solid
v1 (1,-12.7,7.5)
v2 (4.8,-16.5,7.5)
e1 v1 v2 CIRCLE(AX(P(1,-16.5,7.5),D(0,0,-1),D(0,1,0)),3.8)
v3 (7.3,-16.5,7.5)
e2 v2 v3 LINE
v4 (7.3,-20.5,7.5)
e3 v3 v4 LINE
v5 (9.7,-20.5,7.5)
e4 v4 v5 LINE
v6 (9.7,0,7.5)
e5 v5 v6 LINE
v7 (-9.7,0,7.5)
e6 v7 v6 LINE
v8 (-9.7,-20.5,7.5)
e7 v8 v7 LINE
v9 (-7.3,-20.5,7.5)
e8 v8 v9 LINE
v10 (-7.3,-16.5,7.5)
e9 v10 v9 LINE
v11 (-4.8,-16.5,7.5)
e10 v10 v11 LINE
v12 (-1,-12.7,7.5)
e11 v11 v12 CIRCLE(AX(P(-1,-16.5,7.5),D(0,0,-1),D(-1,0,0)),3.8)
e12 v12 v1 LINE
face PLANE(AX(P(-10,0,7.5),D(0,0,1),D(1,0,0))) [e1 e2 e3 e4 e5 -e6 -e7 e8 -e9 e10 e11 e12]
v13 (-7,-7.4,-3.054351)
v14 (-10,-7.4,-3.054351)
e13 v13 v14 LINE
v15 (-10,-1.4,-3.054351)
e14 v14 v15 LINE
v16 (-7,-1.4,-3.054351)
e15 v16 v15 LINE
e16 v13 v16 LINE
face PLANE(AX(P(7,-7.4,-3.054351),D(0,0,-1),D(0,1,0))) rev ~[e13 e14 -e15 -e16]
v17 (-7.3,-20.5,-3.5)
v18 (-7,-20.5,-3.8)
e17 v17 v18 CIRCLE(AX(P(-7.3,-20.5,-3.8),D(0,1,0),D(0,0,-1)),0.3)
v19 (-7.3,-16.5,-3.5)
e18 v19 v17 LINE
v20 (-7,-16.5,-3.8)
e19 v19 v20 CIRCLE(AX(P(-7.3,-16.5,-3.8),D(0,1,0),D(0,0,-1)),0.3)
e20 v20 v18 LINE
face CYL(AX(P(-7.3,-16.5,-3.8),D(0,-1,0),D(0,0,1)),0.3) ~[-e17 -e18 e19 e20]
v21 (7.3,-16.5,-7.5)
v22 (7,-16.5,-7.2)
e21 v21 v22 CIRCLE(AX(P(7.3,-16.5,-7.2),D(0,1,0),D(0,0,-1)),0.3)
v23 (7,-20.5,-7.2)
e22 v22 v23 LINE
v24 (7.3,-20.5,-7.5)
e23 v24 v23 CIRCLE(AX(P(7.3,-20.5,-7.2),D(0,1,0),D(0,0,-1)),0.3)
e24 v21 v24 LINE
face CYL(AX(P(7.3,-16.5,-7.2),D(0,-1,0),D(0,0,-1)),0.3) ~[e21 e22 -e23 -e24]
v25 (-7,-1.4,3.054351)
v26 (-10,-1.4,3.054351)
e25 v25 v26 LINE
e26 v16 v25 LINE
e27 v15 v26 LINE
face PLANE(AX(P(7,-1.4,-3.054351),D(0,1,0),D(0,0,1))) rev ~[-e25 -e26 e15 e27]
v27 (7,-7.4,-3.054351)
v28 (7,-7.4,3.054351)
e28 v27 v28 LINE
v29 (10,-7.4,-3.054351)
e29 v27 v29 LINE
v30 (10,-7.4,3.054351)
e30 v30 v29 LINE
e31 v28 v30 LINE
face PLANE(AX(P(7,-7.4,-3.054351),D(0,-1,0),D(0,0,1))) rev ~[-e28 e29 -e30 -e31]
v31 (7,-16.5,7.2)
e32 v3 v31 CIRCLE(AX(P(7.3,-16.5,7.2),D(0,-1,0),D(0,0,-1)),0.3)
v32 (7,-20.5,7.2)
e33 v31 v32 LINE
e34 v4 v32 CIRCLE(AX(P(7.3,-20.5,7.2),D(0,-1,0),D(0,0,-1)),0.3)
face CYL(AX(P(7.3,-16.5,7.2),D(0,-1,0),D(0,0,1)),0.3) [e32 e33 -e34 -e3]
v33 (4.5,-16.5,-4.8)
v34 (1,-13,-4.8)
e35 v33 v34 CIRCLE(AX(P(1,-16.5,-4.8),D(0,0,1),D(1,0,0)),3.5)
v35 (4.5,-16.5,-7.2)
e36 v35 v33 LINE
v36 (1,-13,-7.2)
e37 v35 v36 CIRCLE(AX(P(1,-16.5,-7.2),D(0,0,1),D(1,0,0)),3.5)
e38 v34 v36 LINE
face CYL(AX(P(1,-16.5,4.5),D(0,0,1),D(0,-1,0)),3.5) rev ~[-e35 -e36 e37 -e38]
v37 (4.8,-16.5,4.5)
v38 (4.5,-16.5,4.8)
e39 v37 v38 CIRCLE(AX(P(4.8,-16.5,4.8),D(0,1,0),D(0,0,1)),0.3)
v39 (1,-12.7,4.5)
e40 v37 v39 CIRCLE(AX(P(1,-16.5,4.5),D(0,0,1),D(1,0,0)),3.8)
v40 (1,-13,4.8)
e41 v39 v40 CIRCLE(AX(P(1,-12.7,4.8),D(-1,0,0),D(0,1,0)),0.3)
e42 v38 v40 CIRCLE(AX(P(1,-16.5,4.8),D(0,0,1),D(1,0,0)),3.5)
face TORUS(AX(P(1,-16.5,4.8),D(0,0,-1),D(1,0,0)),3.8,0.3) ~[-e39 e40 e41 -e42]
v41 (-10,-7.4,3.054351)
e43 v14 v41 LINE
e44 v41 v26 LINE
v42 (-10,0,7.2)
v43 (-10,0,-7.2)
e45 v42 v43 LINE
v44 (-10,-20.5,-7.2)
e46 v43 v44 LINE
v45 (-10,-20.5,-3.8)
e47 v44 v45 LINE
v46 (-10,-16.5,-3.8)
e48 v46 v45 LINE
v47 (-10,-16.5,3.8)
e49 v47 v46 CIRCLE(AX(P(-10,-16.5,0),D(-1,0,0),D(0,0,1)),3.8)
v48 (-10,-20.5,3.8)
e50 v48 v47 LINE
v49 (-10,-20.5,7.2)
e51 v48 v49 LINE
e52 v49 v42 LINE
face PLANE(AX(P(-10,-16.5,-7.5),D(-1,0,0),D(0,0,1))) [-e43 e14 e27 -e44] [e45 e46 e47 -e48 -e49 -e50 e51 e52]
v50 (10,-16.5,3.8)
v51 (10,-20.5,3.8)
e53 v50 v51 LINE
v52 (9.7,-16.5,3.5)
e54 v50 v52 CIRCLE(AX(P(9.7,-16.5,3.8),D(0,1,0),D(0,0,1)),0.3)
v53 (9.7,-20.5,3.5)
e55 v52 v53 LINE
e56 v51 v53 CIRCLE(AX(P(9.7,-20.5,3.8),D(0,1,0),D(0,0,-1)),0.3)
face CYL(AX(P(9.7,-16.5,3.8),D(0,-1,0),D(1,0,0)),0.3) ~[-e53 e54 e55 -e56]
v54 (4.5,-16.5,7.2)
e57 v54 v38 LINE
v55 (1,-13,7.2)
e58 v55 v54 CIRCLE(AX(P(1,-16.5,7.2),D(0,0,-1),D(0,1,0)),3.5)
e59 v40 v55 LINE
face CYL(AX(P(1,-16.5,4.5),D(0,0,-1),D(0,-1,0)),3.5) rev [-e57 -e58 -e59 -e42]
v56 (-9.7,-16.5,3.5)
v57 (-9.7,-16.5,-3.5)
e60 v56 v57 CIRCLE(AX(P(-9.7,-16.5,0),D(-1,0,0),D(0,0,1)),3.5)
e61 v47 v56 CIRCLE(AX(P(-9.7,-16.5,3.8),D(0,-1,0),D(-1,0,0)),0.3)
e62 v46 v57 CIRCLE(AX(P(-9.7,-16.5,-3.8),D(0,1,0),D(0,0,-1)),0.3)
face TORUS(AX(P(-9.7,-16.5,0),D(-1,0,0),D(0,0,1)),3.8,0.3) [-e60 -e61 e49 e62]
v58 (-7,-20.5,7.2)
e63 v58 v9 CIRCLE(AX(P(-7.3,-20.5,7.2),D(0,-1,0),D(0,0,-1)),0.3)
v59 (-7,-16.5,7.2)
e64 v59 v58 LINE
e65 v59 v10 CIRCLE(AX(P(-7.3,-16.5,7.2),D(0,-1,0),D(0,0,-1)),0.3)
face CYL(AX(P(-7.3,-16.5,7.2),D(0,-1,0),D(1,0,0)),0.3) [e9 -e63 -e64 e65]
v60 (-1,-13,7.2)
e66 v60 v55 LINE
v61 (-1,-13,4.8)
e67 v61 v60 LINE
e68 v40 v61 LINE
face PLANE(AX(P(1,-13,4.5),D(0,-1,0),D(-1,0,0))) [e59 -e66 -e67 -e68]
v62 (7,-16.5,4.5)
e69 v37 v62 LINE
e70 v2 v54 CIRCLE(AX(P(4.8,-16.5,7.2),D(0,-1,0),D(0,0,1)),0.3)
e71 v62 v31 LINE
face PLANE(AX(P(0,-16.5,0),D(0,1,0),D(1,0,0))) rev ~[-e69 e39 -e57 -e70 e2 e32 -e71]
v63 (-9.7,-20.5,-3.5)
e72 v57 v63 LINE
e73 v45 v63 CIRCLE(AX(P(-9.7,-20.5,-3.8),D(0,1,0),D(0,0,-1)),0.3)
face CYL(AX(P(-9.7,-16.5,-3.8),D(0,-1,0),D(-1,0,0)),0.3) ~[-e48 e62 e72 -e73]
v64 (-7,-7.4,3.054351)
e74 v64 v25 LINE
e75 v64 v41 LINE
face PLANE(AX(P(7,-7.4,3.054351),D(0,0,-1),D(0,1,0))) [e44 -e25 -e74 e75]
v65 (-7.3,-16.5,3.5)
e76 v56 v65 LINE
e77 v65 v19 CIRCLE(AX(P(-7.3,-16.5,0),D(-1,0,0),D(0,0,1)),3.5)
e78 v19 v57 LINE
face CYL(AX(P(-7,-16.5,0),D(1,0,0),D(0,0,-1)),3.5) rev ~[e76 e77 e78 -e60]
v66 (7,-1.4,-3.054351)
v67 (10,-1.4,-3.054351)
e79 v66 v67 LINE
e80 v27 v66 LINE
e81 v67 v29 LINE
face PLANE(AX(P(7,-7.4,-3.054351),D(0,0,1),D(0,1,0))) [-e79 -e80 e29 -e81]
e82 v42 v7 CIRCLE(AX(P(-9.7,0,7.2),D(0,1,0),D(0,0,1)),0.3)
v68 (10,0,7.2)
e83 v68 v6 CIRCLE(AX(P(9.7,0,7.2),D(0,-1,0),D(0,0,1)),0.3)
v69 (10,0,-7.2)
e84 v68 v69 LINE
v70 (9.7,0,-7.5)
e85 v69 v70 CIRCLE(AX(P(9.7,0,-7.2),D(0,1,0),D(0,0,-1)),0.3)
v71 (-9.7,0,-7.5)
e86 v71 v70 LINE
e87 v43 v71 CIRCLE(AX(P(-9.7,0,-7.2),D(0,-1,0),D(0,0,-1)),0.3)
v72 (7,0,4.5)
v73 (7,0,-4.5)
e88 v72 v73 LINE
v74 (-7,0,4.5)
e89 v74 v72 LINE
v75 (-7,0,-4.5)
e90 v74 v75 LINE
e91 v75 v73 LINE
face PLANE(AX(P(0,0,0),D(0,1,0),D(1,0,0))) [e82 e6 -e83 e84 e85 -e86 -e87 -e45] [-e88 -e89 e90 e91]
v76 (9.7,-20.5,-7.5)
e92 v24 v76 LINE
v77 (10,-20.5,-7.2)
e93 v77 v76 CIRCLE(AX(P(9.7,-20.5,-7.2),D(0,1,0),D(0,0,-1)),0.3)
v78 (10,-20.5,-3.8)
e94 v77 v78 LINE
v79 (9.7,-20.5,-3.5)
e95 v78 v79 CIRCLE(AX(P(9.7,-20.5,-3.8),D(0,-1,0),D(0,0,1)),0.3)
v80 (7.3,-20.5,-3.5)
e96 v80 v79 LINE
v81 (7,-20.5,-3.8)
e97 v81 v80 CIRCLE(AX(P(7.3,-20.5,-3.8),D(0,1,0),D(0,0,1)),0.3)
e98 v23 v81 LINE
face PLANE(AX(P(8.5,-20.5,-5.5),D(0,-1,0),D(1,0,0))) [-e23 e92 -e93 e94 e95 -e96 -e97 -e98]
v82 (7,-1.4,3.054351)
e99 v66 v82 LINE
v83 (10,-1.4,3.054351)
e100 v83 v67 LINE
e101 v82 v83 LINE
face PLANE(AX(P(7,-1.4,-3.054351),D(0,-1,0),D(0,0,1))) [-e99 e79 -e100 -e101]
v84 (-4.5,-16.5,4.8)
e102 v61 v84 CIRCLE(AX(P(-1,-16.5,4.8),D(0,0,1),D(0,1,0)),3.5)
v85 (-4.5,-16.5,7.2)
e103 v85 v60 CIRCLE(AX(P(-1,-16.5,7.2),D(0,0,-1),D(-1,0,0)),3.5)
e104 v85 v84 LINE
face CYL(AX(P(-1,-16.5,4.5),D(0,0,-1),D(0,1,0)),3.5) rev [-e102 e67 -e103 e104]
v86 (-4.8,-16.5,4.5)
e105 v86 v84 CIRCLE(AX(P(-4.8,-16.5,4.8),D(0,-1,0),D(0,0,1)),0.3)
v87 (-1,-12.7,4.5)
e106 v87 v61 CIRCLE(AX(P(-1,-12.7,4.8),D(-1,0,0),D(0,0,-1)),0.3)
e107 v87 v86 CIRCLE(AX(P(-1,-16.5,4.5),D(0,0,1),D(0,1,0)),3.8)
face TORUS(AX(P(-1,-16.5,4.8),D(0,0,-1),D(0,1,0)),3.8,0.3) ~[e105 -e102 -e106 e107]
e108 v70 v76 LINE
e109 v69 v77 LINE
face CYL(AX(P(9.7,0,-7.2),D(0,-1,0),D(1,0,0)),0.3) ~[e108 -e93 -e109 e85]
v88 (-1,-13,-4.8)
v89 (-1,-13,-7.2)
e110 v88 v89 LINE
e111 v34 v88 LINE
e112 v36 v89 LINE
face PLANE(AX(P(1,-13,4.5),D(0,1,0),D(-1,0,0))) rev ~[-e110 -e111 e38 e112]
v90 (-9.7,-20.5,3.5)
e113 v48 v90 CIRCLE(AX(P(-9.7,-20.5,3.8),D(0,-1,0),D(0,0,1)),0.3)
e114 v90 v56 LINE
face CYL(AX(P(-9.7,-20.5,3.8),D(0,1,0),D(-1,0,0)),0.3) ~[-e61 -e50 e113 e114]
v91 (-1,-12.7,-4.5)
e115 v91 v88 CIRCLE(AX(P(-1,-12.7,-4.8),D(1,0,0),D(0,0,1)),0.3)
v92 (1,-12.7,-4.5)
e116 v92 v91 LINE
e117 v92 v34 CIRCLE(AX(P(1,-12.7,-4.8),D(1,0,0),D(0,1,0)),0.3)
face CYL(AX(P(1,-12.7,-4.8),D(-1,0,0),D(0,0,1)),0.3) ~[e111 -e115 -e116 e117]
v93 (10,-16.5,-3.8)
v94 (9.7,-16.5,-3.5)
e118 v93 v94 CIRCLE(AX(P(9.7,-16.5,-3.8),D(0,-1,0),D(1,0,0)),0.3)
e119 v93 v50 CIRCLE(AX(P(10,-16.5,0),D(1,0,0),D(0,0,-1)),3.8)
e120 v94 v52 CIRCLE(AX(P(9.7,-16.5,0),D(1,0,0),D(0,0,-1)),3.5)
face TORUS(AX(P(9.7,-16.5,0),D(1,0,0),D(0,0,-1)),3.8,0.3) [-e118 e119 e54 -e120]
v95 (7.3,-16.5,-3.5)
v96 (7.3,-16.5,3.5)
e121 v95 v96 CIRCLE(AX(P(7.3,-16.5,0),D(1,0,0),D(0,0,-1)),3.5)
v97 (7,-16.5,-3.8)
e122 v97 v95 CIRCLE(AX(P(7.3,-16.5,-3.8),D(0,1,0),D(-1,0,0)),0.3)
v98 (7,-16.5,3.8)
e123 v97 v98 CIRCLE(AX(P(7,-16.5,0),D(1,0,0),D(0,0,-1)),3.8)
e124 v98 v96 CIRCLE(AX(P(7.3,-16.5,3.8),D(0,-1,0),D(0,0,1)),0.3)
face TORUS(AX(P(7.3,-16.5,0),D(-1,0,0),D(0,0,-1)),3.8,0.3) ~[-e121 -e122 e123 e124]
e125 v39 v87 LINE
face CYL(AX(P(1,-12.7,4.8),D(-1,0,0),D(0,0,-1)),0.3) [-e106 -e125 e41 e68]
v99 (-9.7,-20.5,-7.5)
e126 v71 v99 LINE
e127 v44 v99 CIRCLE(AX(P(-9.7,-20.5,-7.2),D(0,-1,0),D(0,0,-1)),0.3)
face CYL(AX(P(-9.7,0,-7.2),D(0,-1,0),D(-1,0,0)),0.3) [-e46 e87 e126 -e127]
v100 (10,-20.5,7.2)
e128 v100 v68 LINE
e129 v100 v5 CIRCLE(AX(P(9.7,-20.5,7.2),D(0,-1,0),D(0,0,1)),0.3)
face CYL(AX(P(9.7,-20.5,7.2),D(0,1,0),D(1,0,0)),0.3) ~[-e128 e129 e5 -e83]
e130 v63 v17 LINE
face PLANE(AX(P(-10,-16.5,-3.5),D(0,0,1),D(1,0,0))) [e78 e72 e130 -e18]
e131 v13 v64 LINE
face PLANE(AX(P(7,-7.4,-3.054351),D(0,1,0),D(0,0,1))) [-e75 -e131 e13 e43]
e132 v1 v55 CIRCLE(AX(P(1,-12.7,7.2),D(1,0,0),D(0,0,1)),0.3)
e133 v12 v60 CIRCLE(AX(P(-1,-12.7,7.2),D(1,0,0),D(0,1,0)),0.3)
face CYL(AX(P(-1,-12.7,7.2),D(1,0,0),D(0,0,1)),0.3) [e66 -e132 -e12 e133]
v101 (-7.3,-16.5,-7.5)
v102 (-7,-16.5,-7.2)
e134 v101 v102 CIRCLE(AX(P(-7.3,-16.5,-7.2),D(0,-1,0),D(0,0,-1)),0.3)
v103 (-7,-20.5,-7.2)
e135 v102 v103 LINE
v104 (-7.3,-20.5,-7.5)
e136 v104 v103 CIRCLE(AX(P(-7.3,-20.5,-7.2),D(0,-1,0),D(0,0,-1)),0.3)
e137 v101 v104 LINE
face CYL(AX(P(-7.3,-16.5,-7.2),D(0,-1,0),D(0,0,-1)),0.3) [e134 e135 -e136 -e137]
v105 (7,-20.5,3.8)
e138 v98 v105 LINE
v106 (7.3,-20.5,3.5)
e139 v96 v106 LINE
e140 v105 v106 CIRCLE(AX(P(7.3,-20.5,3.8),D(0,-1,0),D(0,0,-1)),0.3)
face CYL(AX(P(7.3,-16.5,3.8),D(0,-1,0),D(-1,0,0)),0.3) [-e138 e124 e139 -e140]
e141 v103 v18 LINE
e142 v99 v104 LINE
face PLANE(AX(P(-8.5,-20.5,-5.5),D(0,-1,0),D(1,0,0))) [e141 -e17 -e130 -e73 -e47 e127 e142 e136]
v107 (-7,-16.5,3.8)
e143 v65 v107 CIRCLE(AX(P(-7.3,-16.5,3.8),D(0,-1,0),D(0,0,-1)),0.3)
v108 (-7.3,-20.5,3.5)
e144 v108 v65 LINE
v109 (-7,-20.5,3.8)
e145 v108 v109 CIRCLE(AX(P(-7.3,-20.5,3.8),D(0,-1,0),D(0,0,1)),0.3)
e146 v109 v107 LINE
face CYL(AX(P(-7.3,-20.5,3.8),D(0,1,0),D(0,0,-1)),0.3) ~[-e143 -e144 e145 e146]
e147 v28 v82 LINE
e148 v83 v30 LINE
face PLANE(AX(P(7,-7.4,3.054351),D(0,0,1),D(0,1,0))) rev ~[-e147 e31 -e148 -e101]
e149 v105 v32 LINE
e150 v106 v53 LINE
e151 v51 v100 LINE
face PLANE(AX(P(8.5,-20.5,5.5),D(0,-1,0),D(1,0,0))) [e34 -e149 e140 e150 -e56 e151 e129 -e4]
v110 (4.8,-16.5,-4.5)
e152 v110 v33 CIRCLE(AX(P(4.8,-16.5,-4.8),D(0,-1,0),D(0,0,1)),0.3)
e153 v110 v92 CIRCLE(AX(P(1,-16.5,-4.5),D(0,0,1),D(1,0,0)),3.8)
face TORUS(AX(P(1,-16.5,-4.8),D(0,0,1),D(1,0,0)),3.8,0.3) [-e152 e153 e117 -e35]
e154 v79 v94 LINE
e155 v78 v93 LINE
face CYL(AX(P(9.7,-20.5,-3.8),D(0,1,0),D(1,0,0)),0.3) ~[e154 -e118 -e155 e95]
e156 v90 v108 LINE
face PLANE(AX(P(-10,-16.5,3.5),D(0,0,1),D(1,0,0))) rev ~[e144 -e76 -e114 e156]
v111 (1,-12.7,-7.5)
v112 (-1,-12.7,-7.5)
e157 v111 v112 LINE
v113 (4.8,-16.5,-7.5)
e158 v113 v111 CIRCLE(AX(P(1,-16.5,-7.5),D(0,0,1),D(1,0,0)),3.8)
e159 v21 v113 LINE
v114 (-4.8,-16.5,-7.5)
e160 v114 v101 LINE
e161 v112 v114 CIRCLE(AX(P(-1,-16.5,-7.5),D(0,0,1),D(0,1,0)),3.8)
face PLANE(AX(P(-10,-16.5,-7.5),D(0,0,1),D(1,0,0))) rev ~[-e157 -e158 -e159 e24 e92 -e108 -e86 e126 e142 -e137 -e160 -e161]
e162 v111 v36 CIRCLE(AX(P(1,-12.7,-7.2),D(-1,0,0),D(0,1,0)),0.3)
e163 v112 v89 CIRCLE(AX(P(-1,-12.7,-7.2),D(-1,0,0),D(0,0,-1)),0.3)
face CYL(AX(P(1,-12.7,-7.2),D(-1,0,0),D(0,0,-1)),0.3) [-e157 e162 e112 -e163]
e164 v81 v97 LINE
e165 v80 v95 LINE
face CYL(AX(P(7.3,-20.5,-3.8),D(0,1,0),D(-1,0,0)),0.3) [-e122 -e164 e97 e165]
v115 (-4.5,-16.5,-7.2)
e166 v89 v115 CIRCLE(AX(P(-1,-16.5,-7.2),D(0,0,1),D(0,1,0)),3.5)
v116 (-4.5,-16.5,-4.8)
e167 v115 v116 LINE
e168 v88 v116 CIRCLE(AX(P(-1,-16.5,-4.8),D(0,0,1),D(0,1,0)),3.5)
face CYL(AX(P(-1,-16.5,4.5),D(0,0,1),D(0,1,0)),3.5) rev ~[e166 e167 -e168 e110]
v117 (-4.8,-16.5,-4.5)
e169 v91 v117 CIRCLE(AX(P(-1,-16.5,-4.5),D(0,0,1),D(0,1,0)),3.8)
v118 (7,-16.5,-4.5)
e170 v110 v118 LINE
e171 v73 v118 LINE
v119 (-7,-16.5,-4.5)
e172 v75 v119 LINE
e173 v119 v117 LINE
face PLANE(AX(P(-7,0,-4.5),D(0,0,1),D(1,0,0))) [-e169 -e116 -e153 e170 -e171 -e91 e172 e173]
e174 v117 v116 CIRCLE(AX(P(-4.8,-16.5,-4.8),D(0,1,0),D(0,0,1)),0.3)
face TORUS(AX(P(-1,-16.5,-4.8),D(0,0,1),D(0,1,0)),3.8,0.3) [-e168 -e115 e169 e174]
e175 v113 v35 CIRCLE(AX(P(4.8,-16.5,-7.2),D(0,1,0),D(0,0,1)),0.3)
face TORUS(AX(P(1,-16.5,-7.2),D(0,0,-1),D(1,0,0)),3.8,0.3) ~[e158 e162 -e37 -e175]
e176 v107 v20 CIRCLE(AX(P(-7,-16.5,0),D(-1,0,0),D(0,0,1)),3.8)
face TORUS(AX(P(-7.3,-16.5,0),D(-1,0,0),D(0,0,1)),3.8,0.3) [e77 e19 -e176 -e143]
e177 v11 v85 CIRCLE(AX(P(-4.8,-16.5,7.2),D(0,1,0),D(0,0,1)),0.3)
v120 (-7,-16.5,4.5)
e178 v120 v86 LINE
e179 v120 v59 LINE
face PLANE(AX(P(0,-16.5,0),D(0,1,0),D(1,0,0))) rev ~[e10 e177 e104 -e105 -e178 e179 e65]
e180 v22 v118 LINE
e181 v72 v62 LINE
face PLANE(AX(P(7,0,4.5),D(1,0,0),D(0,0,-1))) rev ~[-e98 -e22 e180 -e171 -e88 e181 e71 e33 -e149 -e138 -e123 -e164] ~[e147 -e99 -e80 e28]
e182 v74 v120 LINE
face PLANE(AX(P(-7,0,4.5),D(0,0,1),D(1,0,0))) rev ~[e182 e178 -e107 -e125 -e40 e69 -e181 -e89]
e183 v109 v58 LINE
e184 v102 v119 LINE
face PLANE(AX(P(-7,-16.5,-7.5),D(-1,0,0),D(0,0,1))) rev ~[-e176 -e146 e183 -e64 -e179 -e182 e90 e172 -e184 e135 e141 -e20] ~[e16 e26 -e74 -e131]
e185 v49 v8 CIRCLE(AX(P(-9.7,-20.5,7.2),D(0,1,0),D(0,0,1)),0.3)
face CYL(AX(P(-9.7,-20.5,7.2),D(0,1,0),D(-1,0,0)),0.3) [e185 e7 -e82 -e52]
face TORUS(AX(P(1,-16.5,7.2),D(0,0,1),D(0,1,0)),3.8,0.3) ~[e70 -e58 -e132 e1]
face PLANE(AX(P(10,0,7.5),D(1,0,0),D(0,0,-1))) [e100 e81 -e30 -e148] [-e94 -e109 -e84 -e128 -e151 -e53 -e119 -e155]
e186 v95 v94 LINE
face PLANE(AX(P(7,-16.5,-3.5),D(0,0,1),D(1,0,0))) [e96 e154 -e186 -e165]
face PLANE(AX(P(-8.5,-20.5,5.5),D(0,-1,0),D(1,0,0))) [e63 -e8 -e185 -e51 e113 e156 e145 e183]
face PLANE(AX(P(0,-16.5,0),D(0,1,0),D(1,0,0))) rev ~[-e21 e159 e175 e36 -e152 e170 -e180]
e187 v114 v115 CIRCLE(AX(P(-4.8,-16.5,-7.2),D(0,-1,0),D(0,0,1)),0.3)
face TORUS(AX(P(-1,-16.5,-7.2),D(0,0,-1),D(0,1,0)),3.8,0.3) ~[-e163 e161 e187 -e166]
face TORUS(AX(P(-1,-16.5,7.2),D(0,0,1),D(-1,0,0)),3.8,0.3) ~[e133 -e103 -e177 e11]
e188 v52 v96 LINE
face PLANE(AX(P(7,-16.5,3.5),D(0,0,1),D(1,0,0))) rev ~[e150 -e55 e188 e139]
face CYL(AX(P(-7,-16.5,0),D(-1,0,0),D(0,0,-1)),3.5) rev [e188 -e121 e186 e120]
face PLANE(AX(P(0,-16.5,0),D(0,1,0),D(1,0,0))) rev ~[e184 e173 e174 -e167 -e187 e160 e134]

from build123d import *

# Parameters (mm, degrees)
SKETCH_1_W               = 20
SKETCH_1_H               = 15
SKETCH_1_W_2             = 14
SKETCH_1_H_2             = 9
EXTRUDE_1_DEPTH          = 16.5
SKETCH_2_W               = 6.10870136
SKETCH_2_H               = 6
CUT_EXTRUDE_1_DEPTH      = 18
CUT_EXTRUDE_1_DEPTH_BACK = 4
CUT_EXTRUDE_2_DEPTH      = 13
CUT_EXTRUDE_2_DEPTH_BACK = 4
SKETCH_5_R               = 3.5
CUT_EXTRUDE_3_DEPTH      = 18
CUT_EXTRUDE_3_DEPTH_BACK = 4
SKETCH_6_W               = 3
SKETCH_6_H               = 4
EXTRUDE_2_DEPTH          = 4
FILLET_1_R               = 0.3
FILLET_2_R               = 0.3


with BuildPart() as part:
    # Эскиз1 → Бобышка-Вытянуть1 (new body)
    with BuildSketch(Plane(origin=(0, 0, 0), x_dir=(1, 0, 0), z_dir=(0, 1, 0))):
        Rectangle(SKETCH_1_W, SKETCH_1_H)
        Rectangle(SKETCH_1_W_2, SKETCH_1_H_2, mode=Mode.SUBTRACT)
    extrude(amount=-EXTRUDE_1_DEPTH)

    # Эскиз2 → Вырез-Вытянуть1 (cut, two sides)
    with BuildSketch(Plane.ZY.offset(-7)) as cut_extrude_1_sk:
        with Locations((0, -4.4)):
            Rectangle(SKETCH_2_W, SKETCH_2_H)
    extrude(amount=CUT_EXTRUDE_1_DEPTH, mode=Mode.SUBTRACT)
    extrude(cut_extrude_1_sk.sketch, amount=-CUT_EXTRUDE_1_DEPTH_BACK, mode=Mode.SUBTRACT)

    # Эскиз4 → Вырез-Вытянуть2 (cut, two sides)
    with BuildSketch(Plane(origin=(0, 0, 4.5), x_dir=(-1, 0, 0), z_dir=(0, 0, -1))) as cut_extrude_2_sk:
        with BuildLine():
            Line((-1, -13), (1, -13))
            ThreePointArc((1, -13), (4.5, -16.5), (1, -20))
            Line((1, -20), (-1, -20))
            ThreePointArc((-1, -20), (-4.5, -16.5), (-1, -13))
        make_face()
    extrude(amount=CUT_EXTRUDE_2_DEPTH, mode=Mode.SUBTRACT)
    extrude(cut_extrude_2_sk.sketch, amount=-CUT_EXTRUDE_2_DEPTH_BACK, mode=Mode.SUBTRACT)

    # Эскиз5 → Вырез-Вытянуть3 (cut, two sides)
    with BuildSketch(Plane(origin=(-7, 0, 0), x_dir=(0, 0, -1), z_dir=(1, 0, 0))) as cut_extrude_3_sk:
        with Locations((0, -16.5)):
            Circle(SKETCH_5_R)
    extrude(amount=CUT_EXTRUDE_3_DEPTH, mode=Mode.SUBTRACT)
    extrude(cut_extrude_3_sk.sketch, amount=-CUT_EXTRUDE_3_DEPTH_BACK, mode=Mode.SUBTRACT)

    # Эскиз6 → Бобышка-Вытянуть2 (add)
    with BuildSketch(Plane.XZ.offset(16.5)):
        with Locations((-8.5, -5.5)):
            Rectangle(SKETCH_6_W, SKETCH_6_H)
        with Locations((-8.5, 5.5)):
            Rectangle(SKETCH_6_W, SKETCH_6_H)
        with Locations((8.5, 5.5)):
            Rectangle(SKETCH_6_W, SKETCH_6_H)
        with Locations((8.5, -5.5)):
            Rectangle(SKETCH_6_W, SKETCH_6_H)
    extrude(amount=EXTRUDE_2_DEPTH)

    # Скругление1
    fillet_1_edges = [part.edges().sort_by_distance(p)[0] for p in [
        (-10, -10.25, -7.5),
        (10, -10.25, -7.5),
        (10, -10.25, 7.5),
        (-10, -10.25, 7.5),
    ]]
    fillet(fillet_1_edges, radius=FILLET_1_R)

    # Скругление2
    fillet_2_edges = [part.edges().sort_by_distance(p)[0] for p in [
        (-10, -18.5, -3.5),
        (-7, -18.5, -7.5),
        (-7, -18.5, -3.5),
        (-7, -18.5, 3.5),
        (-7, -18.5, 7.5),
        (-10, -18.5, 3.5),
        (7, -18.5, 7.5),
        (7, -18.5, 3.5),
        (10, -18.5, 3.5),
        (7, -18.5, -3.5),
        (7, -18.5, -7.5),
        (10, -18.5, -3.5),
        (-3.474873734, -14.025126266, 4.5),
        (0, -13, 4.5),
        (3.474873734, -14.025126266, 4.5),
        (0, -13, 7.5),
        (3.474873734, -14.025126266, -7.5),
        (-3.474873734, -14.025126266, -7.5),
        (3.474873734, -14.025126266, -4.5),
        (3.474873734, -14.025126266, 7.5),
        (0, -13, -7.5),
        (-3.474873734, -14.025126266, -4.5),
        (-3.474873734, -14.025126266, 7.5),
        (0, -13, -4.5),
        (7, -13, 0),
        (10, -13, 0),
        (-10, -13, 0),
        (-7, -13, 0),
    ]]
    fillet(fillet_2_edges, radius=FILLET_2_R)


solid = part.part
